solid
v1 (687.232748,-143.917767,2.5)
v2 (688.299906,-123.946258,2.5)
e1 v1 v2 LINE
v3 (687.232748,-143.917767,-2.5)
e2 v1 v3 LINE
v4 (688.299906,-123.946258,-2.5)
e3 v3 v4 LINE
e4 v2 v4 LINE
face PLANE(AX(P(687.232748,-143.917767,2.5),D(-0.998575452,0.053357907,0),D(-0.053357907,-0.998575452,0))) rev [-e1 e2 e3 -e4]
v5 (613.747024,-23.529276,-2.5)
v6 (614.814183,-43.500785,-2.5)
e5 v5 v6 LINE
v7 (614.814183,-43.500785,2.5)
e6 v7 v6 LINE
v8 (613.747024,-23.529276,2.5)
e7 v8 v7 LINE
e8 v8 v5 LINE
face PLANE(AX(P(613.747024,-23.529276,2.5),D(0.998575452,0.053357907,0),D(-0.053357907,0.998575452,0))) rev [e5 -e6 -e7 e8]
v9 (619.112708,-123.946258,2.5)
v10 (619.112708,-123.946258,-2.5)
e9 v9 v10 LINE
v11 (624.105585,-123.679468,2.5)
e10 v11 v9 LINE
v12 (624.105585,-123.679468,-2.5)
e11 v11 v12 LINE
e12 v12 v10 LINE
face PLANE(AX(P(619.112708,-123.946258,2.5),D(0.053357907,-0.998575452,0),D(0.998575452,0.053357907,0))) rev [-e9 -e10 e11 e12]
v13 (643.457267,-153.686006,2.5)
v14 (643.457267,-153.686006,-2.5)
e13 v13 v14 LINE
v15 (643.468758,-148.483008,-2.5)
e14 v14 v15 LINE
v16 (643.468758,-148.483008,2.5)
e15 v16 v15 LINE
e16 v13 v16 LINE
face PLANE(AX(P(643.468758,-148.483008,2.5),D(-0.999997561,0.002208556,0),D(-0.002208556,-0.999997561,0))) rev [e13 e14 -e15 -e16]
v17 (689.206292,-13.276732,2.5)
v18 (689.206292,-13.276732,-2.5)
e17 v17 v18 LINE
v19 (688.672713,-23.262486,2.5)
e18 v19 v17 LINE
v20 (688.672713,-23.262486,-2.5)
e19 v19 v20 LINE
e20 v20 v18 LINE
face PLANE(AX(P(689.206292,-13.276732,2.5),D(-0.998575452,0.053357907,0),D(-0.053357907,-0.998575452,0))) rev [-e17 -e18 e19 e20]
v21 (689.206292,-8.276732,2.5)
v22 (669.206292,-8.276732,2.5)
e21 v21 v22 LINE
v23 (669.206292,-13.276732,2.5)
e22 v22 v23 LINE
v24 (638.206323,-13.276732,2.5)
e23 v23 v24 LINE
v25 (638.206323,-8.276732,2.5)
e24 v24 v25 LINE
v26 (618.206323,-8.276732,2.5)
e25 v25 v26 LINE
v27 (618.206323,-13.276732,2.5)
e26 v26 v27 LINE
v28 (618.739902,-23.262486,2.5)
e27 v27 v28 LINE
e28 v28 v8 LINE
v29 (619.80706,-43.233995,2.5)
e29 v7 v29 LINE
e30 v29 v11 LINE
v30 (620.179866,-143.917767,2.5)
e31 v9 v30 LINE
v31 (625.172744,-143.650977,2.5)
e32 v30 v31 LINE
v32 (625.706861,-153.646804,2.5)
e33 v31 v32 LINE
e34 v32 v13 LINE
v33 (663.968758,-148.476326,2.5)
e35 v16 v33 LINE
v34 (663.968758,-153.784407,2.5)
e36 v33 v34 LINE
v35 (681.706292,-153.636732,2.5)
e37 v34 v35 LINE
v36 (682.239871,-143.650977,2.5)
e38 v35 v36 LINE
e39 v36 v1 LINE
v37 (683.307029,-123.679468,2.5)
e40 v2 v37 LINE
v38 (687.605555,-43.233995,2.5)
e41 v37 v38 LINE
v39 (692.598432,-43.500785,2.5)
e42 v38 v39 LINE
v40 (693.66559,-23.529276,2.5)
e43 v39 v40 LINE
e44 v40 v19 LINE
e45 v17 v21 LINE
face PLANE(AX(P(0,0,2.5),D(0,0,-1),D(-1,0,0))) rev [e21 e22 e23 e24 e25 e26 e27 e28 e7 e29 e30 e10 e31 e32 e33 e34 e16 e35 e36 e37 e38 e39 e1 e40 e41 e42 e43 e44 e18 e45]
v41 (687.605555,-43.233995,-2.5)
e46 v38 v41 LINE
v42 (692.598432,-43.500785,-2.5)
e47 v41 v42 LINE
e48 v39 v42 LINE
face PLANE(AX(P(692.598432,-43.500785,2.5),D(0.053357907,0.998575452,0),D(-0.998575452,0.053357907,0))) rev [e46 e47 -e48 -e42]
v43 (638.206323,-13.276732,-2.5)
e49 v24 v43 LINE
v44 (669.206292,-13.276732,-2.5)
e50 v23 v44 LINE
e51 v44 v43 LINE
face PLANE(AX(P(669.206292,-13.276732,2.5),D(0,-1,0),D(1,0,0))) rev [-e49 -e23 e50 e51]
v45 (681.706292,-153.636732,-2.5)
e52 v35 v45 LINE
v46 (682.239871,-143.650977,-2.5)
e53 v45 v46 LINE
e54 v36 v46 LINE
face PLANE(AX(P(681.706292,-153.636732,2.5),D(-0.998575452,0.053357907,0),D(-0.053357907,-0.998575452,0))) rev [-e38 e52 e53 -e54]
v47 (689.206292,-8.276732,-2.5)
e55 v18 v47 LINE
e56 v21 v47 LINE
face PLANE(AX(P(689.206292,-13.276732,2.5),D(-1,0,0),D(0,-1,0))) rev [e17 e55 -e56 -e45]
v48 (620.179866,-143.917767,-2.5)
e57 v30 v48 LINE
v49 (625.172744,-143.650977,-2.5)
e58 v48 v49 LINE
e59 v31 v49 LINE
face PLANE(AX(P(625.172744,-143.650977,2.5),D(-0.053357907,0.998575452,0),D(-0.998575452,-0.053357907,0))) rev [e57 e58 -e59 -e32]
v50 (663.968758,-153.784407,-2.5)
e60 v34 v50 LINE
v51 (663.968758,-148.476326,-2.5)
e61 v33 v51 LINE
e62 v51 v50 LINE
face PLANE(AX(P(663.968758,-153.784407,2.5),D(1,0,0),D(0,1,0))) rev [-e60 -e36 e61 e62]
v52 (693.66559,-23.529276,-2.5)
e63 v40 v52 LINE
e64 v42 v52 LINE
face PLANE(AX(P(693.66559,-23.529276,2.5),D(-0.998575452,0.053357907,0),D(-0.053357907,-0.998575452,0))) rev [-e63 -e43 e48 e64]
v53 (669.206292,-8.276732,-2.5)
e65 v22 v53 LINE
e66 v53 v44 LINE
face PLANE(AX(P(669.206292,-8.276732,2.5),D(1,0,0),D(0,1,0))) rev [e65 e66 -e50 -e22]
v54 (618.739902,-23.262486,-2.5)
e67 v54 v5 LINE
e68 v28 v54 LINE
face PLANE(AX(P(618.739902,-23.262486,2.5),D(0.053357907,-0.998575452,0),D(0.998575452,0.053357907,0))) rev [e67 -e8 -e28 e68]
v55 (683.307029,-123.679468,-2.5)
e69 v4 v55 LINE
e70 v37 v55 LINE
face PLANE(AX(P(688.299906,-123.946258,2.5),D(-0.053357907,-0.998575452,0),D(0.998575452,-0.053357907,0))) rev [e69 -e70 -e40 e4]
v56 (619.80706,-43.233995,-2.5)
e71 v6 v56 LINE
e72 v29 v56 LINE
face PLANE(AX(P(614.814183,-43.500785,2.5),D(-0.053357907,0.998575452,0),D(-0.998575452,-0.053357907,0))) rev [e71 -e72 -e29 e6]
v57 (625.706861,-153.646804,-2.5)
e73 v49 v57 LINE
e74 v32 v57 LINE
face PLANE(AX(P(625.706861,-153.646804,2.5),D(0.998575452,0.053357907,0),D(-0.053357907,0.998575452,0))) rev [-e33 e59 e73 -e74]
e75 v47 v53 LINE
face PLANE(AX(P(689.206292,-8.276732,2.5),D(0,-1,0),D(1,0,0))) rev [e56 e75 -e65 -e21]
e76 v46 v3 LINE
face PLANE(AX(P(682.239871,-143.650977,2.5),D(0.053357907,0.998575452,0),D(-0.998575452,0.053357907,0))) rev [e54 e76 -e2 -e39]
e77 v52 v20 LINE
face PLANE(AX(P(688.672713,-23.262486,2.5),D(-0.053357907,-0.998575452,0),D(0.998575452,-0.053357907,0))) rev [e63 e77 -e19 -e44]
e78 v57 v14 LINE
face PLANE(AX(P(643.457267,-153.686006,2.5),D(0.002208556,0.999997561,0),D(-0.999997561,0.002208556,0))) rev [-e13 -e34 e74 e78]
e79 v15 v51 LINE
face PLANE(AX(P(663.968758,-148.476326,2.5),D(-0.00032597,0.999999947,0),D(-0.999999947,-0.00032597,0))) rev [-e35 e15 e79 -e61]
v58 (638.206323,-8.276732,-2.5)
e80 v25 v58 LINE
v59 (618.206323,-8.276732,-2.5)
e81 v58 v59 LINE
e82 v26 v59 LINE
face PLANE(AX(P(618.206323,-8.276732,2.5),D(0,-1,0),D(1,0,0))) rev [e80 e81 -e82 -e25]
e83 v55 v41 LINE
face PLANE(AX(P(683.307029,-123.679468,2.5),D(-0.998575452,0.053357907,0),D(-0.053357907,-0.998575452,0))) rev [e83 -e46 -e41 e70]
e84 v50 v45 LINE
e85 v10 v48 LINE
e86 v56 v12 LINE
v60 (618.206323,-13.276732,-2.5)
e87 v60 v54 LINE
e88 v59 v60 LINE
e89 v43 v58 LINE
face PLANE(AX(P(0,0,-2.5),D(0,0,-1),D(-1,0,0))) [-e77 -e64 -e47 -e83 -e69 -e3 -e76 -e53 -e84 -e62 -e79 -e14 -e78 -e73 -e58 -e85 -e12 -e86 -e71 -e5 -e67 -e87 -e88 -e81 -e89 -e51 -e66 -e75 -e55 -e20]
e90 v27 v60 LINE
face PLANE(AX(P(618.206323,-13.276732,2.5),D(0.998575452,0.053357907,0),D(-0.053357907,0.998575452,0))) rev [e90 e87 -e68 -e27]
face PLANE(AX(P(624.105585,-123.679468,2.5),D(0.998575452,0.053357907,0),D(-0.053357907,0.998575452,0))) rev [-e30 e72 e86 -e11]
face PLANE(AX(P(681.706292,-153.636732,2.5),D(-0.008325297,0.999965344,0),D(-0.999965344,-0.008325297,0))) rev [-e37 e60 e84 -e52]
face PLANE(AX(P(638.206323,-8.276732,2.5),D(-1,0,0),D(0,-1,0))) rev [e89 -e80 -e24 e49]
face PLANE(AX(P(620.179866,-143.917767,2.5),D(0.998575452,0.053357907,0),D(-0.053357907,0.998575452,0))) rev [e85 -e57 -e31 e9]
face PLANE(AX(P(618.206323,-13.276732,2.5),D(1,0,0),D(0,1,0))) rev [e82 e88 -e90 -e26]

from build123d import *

# Parameters (mm, degrees)
BOSS_EXTRUDE1_DEPTH = 2.5


with BuildPart() as part:
    # Sketch2 → Boss-Extrude1 (new, symmetric)
    with BuildSketch(Plane.XY):
        Polygon((681.706291729, -153.636731681), (682.239870804, -143.650977159), (687.232748065, -143.917766696), (688.299906214, -123.946257652), (683.307028953, -123.679468115), (687.605554505, -43.233995246), (692.598431766, -43.500784784), (693.665589915, -23.52927574), (688.672712654, -23.262486203), (689.206291729, -13.276731681), (689.206291729, -8.276731681), (669.206291729, -8.276731681), (669.206291729, -13.276731681), (638.206322644, -13.276731681), (638.206322644, -8.276731681), (618.206322644, -8.276731681), (618.206322644, -13.276731681), (618.739901719, -23.262486203), (613.747024458, -23.52927574), (614.814182607, -43.500784784), (619.807059868, -43.233995246), (624.10558542, -123.679468115), (619.11270816, -123.946257652), (620.179866309, -143.917766696), (625.17274357, -143.650977159), (625.706860825, -153.646803556), (643.457267186, -153.686006411), (643.468758324, -148.483008314), (663.968757652, -148.476325927), (663.968757652, -153.784407031), align=None)
    extrude(amount=BOSS_EXTRUDE1_DEPTH, both=True)


solid = part.part
